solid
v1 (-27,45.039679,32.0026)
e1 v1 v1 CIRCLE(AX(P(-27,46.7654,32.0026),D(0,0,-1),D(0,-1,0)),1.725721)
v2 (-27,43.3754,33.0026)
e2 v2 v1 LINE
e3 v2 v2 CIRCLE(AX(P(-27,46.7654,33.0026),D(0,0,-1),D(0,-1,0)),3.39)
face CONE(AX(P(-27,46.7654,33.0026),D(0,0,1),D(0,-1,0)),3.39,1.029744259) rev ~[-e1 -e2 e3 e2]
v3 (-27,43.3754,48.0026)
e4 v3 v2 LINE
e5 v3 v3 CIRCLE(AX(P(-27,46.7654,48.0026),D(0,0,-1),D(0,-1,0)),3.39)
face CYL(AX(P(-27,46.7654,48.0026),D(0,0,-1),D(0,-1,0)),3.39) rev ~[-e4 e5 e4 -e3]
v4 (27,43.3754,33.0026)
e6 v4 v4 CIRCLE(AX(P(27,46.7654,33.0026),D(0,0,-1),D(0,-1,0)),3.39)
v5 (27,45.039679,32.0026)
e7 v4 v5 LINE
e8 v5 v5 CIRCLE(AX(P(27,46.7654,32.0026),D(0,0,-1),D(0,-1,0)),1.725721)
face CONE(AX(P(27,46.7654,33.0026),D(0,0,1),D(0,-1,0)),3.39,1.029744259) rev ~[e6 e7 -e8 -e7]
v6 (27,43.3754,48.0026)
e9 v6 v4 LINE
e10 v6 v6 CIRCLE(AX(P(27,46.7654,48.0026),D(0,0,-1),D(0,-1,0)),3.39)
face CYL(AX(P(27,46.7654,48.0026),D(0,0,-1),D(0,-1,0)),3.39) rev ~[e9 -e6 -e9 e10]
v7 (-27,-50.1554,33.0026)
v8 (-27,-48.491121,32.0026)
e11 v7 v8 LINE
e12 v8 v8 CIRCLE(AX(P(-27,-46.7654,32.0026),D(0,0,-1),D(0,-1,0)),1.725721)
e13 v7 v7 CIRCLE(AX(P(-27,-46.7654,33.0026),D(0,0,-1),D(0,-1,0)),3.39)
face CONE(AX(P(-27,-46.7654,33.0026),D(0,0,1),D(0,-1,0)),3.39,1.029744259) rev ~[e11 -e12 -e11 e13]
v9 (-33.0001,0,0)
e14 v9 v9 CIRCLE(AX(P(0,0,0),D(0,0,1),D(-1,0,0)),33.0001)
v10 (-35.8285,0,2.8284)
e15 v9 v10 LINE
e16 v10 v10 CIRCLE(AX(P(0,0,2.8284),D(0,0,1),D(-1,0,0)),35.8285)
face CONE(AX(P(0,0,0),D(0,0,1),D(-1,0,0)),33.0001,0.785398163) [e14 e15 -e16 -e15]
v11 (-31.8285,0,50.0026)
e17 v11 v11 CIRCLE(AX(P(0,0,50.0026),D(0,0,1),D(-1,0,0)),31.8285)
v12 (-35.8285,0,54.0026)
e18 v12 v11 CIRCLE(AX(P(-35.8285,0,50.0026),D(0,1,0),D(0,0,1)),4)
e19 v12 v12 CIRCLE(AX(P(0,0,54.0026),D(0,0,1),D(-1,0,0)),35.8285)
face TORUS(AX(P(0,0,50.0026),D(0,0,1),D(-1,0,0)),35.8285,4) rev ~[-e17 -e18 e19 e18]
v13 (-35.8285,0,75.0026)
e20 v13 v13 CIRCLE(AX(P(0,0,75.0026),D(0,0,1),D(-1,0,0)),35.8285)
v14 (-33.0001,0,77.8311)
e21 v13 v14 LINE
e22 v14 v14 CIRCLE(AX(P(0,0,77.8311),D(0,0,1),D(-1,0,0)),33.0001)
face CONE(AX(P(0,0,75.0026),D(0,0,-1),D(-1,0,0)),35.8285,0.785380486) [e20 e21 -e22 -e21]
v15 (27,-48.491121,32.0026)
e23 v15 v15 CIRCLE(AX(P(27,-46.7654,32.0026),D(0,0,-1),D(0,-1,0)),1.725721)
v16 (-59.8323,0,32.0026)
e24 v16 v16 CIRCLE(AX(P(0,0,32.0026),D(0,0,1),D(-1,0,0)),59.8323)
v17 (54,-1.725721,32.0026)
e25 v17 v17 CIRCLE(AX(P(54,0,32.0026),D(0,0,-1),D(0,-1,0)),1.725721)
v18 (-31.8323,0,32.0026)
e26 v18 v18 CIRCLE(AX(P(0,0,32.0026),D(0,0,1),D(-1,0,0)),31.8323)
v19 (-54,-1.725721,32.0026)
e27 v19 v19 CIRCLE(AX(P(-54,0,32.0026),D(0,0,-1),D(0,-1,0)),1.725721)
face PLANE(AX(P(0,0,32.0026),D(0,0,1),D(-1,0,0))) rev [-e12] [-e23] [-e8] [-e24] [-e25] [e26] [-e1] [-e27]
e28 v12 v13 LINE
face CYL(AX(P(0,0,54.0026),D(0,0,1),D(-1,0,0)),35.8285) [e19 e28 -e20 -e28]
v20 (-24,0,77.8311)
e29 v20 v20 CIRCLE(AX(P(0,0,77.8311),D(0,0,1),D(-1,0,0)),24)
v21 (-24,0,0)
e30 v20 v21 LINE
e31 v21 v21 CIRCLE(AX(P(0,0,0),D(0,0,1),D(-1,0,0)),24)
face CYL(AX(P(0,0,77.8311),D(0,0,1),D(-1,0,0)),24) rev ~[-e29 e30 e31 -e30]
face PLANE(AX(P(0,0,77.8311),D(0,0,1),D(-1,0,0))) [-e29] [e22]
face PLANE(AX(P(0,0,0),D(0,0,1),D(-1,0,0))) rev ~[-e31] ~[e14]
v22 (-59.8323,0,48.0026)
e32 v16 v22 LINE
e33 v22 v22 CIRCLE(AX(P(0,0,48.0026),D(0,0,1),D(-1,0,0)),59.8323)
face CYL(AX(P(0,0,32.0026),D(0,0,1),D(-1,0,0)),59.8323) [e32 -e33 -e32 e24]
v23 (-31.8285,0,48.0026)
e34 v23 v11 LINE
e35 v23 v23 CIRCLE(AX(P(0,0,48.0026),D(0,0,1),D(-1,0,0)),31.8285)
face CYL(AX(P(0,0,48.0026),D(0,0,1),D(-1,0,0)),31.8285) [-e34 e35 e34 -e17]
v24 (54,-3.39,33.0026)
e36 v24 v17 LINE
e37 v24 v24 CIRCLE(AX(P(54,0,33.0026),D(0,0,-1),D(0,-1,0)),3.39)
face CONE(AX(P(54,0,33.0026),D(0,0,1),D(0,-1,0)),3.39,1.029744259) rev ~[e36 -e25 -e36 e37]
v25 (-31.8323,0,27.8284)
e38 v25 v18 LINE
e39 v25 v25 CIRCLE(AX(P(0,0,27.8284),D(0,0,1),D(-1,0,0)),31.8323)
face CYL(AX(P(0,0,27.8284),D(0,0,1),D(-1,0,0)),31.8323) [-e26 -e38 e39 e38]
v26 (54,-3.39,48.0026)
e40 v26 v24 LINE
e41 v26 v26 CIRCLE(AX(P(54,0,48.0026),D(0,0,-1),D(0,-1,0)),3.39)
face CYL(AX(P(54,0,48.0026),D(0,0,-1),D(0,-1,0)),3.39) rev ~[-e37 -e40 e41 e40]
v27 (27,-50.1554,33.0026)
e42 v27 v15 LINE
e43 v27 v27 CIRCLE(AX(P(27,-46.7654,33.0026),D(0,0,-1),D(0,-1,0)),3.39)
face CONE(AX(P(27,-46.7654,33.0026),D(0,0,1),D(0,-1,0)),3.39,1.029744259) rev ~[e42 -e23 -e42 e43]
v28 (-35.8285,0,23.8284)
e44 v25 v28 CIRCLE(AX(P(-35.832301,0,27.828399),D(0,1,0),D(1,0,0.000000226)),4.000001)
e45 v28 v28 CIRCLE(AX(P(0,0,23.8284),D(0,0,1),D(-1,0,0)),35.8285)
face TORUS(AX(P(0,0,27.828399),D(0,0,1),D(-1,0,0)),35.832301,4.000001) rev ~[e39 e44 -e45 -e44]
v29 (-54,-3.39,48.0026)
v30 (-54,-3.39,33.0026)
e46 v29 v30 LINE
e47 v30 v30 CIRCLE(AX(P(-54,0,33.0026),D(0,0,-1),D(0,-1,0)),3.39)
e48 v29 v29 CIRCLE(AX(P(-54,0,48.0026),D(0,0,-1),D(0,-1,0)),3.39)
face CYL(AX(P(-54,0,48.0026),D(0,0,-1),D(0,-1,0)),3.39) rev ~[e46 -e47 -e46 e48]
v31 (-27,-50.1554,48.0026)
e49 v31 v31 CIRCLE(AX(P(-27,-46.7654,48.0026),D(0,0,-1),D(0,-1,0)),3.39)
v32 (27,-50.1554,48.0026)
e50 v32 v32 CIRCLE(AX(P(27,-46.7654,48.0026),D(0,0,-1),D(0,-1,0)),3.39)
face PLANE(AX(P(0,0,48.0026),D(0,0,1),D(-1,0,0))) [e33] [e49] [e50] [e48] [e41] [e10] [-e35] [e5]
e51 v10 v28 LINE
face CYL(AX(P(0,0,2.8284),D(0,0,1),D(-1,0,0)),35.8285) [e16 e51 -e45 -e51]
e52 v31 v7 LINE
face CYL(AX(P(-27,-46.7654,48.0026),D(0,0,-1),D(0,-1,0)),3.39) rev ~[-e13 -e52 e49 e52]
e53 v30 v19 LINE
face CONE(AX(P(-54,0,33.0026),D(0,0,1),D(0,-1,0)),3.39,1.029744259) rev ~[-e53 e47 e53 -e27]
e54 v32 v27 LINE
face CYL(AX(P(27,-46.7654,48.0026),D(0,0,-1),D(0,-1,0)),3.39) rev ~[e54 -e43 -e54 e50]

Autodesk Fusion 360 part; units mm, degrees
sketch "Sketch1" plane through (0, 0, 0) normal (0, 1, 0) x (1, 0, 0)
  line L0 (-33.0001, 0) -> (-35.8285, -2.8284)
  line L1 (-33.0001, 0) -> (-33.002, 0) construction
  line L2 (-35.8285, -2.8284) -> (-35.8285, -23.8284)
  line L3 (-31.8323, -27.8284) -> (-31.8323, -32.0026)
  line L4 (-31.8323, -32.0026) -> (-59.8323, -32.0026)
  line L5 (-59.8323, -32.0026) -> (-59.8323, -48.0026)
  line L6 (-59.8323, -48.0026) -> (-31.8285, -48.0026)
  line L7 (-31.8285, -48.0026) -> (-31.8285, -50.0026)
  line L8 (-35.8285, -54.0026) -> (-35.8285, -75.0026)
  line L9 (-35.8285, -75.0026) -> (-33.0001, -77.8311)
  line L10 (-33.0001, -77.8311) -> (-1.0001, -77.8311)
  line L11 (-33.002, 0) -> (-1.002, 0)
  arc A0 (-35.8285, -54.0026) -> (-31.8285, -50.0026) centre (-35.8285, -50.0026) ccw
  arc A1 (-31.8323, -27.8284) -> (-35.8285, -23.8284) centre (-35.8323, -27.8284) ccw
  line L12 (-1.0001, -77.8311) -> (-1.002, 0)
  point P0 (-31.8323, -24.0026)
  point P1 (-31.8285, -54.0026)
  point P2 (-4.832, 0)
  dimension "d2" = 135
  dimension "d3" = 4
  dimension "d4" = 21
  dimension "d5" = 4
  dimension "d6" = 8
  dimension "d7" = 28
  dimension "d8" = 16
  dimension "d9" = 6
  dimension "d10" = 4
  dimension "d11" = 21
  dimension "d12" = 4
  dimension "d13" = 135
  dimension "d14" = 32
  dimension "d15" = 32
  dimension "d16" = 4
  dimension "d17" = 4
revolve "Revolve1" add sketch "Sketch1" angle 360 about axis through (0, 0, 1.75) along (0, 0, 1)
sketch "Sketch2" plane through (0, 0, 77.8311) normal (0, 0, 1) x (-1, 0, 0)
  circle A0 centre (0, 0) radius 1.0001
  circle A1 centre (0, 0) radius 33.0001
  circle A2 centre (0, 0) radius 24
  dimension "d19" = 48
extrude "Extrude1" cut sketch "Sketch2" against normal blind 110 contours A2
sketch "Sketch3" plane through (0, 0, 48.0026) normal (0, 0, 1) x (-1, 0, 0)
  circle A0 centre (0, 0) radius 31.8285
  circle A1 centre (0, 0) radius 59.8323
  circle A2 centre (0, 0) radius 54
  circle A3 centre (53.999, -0.3261) radius 4
  line L0 (0, 0) -> (27, -46.7654)
  line L1 (0, 0) -> (54, 0) construction
  circle A4 centre (27, -46.7654) radius 4
  line L2 (0, 0) -> (-27, -46.7654)
  line L3 (0, 0) -> (54, 0) construction
  circle A5 centre (-27, -46.7654) radius 4
  circle A6 centre (-54, 0) radius 4
  line L4 (0, 0) -> (-27, 46.7654)
  line L5 (0, 0) -> (54, 0) construction
  line L6 (0, 0) -> (27, 46.7654)
  line L7 (0, 0) -> (54, 0) construction
  circle A7 centre (27, 46.7654) radius 4
  circle A8 centre (-27, 46.7654) radius 4
  dimension "d22" = 108
  dimension "d23" = 8
  dimension "d24" = 60
  dimension "d25" = 8
  dimension "d26" = 120
  dimension "d27" = 8
  dimension "d28" = 8
  dimension "d29" = 120
  dimension "d30" = 60
  dimension "d31" = 54
  dimension "d32" = 8
  dimension "d33" = 8
hole "Hole1" at (-54, 0, 48.0026) at (-27, 46.7654, 48.0026) at (27, 46.7654, 48.0026) at (54, 0, 48.0026) at (27, -46.7654, 48.0026) at (-27, -46.7654, 48.0026) direction (0, 0, -1) diameter 6.78 depth 15 tip angle 118
extrude "Extrude2" [suppressed]
